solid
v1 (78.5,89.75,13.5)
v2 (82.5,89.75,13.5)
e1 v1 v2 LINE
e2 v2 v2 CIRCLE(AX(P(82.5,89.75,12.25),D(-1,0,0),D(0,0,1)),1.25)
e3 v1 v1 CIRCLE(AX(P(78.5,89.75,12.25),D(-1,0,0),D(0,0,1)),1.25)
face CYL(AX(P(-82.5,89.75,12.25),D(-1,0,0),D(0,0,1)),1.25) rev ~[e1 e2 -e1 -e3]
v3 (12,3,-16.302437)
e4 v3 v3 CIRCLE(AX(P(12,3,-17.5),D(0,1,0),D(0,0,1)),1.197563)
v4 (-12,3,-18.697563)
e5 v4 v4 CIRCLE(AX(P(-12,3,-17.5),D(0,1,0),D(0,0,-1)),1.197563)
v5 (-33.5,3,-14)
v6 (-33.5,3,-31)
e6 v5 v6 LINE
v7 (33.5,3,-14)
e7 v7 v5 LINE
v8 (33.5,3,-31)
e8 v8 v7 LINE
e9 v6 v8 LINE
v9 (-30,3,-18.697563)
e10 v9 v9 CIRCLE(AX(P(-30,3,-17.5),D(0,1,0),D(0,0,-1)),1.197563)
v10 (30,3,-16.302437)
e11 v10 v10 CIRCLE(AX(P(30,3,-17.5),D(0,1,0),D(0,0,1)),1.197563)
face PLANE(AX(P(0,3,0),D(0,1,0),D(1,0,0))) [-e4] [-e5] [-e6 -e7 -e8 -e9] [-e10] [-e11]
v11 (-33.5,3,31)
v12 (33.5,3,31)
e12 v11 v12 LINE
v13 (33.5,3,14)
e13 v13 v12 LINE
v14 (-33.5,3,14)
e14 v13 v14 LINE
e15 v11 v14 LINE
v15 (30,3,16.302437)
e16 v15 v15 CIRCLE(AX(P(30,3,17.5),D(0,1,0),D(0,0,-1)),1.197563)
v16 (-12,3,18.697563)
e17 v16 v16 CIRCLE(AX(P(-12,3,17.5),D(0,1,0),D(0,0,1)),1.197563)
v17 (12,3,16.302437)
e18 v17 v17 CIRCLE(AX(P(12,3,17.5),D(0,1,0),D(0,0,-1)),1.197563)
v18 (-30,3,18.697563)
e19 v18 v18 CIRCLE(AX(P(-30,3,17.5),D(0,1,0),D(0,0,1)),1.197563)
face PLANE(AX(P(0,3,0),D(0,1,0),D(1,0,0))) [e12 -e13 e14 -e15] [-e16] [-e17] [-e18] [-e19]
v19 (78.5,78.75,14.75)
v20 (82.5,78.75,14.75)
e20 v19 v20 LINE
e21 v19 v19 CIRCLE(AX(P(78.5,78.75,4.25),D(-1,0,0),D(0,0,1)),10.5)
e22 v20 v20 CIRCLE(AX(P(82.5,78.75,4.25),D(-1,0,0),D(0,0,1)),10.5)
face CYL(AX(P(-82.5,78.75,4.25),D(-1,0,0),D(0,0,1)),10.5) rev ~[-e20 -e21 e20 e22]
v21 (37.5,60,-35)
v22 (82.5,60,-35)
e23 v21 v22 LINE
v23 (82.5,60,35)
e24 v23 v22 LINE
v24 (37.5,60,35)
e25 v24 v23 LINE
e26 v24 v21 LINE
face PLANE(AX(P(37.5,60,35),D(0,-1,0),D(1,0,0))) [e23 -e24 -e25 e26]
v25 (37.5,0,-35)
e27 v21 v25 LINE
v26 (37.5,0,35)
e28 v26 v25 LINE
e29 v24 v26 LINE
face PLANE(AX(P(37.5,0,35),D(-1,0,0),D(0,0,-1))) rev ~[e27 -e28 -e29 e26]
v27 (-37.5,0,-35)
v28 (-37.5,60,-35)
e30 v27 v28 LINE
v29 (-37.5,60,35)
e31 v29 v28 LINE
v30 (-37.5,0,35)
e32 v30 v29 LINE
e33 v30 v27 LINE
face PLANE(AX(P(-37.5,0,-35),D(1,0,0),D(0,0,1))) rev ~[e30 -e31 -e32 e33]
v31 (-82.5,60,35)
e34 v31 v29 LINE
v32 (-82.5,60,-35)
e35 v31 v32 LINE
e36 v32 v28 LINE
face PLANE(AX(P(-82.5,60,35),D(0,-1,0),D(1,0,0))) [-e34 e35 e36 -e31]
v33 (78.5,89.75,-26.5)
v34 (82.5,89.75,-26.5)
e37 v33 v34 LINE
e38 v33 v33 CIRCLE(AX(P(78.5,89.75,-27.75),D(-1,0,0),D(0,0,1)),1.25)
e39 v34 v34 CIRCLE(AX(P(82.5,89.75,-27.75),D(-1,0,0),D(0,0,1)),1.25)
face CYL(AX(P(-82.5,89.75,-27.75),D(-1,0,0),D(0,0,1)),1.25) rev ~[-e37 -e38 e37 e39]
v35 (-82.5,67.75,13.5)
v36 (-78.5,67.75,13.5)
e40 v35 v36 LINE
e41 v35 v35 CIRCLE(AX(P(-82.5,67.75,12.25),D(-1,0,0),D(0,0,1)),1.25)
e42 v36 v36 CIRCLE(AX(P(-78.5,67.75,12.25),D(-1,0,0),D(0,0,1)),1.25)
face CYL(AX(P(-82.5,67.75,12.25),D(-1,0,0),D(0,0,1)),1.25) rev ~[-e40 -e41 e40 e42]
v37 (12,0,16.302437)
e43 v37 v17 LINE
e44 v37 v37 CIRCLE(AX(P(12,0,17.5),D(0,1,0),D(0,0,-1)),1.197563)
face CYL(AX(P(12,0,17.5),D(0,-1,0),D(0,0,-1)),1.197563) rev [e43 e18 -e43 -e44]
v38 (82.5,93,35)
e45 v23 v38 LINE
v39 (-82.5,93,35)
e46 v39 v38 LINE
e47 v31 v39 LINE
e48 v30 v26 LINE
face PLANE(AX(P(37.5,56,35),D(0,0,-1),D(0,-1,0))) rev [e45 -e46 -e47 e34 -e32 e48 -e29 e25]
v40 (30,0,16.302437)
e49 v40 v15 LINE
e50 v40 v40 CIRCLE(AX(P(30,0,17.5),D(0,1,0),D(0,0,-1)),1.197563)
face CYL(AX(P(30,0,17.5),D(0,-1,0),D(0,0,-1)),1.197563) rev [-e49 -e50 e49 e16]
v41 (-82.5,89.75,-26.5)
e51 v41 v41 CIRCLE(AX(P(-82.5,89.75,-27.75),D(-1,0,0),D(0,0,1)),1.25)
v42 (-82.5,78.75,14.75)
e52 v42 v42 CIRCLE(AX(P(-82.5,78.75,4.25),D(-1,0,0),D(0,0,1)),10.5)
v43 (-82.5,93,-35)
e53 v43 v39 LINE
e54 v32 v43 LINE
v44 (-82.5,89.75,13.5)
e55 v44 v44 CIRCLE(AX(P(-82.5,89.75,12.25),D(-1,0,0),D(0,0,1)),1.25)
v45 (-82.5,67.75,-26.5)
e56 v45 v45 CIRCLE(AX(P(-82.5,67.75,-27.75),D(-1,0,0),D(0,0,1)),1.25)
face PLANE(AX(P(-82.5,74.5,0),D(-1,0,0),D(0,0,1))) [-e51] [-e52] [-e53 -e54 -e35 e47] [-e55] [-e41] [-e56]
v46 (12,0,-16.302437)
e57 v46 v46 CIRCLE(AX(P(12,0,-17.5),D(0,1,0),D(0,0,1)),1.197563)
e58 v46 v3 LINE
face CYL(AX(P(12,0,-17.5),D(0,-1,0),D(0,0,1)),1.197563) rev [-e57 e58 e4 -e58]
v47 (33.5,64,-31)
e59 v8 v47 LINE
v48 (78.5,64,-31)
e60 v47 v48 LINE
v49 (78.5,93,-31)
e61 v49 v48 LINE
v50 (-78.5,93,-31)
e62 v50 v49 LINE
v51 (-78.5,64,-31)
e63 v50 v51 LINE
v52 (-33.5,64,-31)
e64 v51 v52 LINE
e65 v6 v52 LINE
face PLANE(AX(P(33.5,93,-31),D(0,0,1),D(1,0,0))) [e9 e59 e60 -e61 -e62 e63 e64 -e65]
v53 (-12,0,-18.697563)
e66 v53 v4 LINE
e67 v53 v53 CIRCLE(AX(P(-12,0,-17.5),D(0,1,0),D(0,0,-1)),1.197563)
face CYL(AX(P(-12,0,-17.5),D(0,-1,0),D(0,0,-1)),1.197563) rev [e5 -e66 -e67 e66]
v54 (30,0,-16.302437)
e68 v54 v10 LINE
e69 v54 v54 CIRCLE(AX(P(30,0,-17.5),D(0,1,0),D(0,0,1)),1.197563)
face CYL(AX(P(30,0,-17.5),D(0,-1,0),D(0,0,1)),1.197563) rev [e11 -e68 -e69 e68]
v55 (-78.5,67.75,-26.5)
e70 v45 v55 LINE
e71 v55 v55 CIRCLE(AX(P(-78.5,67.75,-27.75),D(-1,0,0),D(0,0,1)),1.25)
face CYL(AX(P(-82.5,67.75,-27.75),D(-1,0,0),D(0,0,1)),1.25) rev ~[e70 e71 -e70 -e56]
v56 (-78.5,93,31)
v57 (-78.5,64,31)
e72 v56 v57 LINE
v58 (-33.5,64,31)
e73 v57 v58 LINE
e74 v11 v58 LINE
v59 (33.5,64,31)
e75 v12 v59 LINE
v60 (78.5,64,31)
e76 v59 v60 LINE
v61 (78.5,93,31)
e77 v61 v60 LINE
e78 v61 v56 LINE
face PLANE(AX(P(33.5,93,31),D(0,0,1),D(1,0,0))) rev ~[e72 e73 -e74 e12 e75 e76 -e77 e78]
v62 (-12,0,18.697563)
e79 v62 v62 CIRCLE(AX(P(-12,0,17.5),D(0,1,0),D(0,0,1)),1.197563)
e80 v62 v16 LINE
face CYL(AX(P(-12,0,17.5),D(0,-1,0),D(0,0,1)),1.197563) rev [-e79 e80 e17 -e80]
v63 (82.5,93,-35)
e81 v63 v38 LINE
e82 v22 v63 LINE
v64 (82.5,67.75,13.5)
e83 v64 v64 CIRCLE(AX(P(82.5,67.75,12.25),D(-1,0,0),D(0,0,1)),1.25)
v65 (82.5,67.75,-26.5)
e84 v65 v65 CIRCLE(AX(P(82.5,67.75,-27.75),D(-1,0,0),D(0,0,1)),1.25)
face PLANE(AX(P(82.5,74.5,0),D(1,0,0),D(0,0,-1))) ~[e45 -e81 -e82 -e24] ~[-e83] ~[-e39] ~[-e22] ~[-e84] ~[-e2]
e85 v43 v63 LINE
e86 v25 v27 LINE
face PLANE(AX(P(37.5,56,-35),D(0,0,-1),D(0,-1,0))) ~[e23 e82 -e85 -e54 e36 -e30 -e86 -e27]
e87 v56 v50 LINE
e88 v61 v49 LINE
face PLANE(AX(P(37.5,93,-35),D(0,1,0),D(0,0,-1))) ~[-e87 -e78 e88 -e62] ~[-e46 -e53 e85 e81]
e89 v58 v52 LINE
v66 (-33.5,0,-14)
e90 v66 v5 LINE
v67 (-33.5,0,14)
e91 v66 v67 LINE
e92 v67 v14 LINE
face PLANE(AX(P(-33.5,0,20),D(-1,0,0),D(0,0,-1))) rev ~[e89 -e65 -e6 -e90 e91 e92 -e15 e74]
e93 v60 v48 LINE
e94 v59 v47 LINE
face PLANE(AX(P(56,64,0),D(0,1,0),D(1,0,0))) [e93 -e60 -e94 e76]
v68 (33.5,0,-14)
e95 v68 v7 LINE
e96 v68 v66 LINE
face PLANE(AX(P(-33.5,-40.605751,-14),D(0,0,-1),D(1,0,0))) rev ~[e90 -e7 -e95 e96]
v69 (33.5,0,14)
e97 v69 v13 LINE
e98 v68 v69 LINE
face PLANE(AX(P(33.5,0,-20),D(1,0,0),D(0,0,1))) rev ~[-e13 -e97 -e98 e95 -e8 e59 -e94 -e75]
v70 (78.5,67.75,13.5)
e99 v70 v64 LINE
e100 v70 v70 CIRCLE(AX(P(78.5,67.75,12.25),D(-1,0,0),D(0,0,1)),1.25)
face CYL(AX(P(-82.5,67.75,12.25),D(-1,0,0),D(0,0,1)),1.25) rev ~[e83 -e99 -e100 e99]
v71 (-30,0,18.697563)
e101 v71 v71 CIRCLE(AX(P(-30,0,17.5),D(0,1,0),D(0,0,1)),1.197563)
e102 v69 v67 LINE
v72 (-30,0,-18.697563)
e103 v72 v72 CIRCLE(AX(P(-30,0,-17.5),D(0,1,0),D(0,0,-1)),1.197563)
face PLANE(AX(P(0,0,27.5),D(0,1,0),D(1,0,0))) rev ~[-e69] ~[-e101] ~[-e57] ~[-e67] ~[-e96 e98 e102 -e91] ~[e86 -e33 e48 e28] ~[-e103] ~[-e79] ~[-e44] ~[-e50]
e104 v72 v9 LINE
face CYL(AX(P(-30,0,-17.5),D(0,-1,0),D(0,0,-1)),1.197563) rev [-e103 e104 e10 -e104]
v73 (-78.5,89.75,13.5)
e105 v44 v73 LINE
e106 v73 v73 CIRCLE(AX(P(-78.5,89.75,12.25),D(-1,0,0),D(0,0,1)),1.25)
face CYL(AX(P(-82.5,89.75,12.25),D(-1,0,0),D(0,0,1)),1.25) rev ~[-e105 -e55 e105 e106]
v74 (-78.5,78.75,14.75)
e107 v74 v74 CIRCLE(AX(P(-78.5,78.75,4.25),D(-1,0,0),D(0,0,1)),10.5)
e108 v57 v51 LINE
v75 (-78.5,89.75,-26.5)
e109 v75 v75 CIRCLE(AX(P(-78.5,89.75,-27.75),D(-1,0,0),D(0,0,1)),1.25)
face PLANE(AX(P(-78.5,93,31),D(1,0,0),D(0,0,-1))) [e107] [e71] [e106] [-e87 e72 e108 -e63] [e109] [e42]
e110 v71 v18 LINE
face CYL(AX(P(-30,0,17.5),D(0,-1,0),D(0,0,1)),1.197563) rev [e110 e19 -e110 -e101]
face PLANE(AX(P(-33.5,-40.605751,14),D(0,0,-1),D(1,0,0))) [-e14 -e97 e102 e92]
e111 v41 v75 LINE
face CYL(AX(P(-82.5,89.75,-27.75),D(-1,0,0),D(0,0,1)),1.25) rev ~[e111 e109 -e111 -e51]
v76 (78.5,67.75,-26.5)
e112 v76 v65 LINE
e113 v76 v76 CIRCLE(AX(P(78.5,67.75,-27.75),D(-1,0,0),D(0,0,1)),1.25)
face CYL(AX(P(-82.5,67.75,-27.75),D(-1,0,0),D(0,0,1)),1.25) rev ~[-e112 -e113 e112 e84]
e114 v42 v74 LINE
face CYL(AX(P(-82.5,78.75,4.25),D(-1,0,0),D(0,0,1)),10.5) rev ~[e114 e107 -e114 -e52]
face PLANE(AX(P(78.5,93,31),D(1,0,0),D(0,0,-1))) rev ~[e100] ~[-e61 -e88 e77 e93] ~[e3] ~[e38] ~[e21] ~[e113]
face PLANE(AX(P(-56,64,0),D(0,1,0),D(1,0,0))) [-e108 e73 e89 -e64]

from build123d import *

# Parameters (mm, degrees)
SKETCH1_W                = 75
SKETCH1_H                = 40
SKETCH1_R                = 5
SKETCH1_R_2              = 1.7
SKETCH1_R_3              = 1.197563381
SKETCH1_W_2              = 5
SKETCH1_H_2              = 20
BOSS_EXTRUDE1_DEPTH      = 3
CUT_EXTRUDE1_DEPTH       = 43.605750786
CUT_EXTRUDE1_DEPTH_BACK  = 43.605750786
SKETCH2_W                = 67
SKETCH2_H                = 28
BOSS_EXTRUDE3_DEPTH      = 90
BOSS_EXTRUDE3_DEPTH_BACK = 3
SKETCH6_W                = 67
SKETCH6_H                = 11
CUT_EXTRUDE4_DEPTH       = 104.591746776
SKETCH7_W                = 70
SKETCH7_H                = 37
BOSS_EXTRUDE4_DEPTH      = 45
SKETCH8_W                = 45
SKETCH8_H                = 62
CUT_EXTRUDE6_DEPTH       = 29
SKETCH9_R                = 1.25
SKETCH9_R_2              = 10.5
CUT_EXTRUDE8_DEPTH       = 193.611006954
SKETCH11_W               = 45
SKETCH11_H               = 4
CUT_EXTRUDE9_DEPTH       = 143.671826231


with BuildPart() as part:
    # Sketch1 → Boss-Extrude1 (new body)
    with BuildSketch(Plane(origin=(0, 0, 0), x_dir=(1, 0, 0), z_dir=(0, 1, 0))):
        Rectangle(SKETCH1_W, SKETCH1_H)
        with Locations(Location((-21, 0, 0), (0, 0, 270))):
            Circle(SKETCH1_R, mode=Mode.SUBTRACT)
        with Locations(Location((-30, 8.25, 0), (0, 0, 270))):
            Circle(SKETCH1_R_2, mode=Mode.SUBTRACT)
        with Locations(Location((-12, 8.25, 0), (0, 0, 270))):
            Circle(SKETCH1_R_2, mode=Mode.SUBTRACT)
        with Locations(Location((-12, -8.25, 0), (0, 0, 270))):
            Circle(SKETCH1_R_2, mode=Mode.SUBTRACT)
        with Locations(Location((-30, -8.25, 0), (0, 0, 270))):
            Circle(SKETCH1_R_2, mode=Mode.SUBTRACT)
        with Locations(Location((12, 8.25, 0), (0, 0, 90))):
            Circle(SKETCH1_R_2, mode=Mode.SUBTRACT)
        with Locations(Location((12, -8.25, 0), (0, 0, 90))):
            Circle(SKETCH1_R_2, mode=Mode.SUBTRACT)
        with Locations(Location((21, 0, 0), (0, 0, 90))):
            Circle(SKETCH1_R, mode=Mode.SUBTRACT)
        with Locations(Location((30, -8.25, 0), (0, 0, 90))):
            Circle(SKETCH1_R_2, mode=Mode.SUBTRACT)
        with Locations(Location((30, 8.25, 0), (0, 0, 90))):
            Circle(SKETCH1_R_2, mode=Mode.SUBTRACT)
        with Locations(Location((-30, -17.5, 0), (0, 0, 270))):
            Circle(SKETCH1_R_3, mode=Mode.SUBTRACT)
        with Locations(Location((-12, -17.5, 0), (0, 0, 270))):
            Circle(SKETCH1_R_3, mode=Mode.SUBTRACT)
        with Locations(Location((12, -17.5, 0), (0, 0, 90))):
            Circle(SKETCH1_R_3, mode=Mode.SUBTRACT)
        with Locations(Location((30, -17.5, 0), (0, 0, 90))):
            Circle(SKETCH1_R_3, mode=Mode.SUBTRACT)
        with Locations(Location((30, 17.5, 0), (0, 0, 270))):
            Circle(SKETCH1_R_3, mode=Mode.SUBTRACT)
        with Locations(Location((12, 17.5, 0), (0, 0, 270))):
            Circle(SKETCH1_R_3, mode=Mode.SUBTRACT)
        with Locations(Location((-12, 17.5, 0), (0, 0, 90))):
            Circle(SKETCH1_R_3, mode=Mode.SUBTRACT)
        with Locations(Location((-30, 17.5, 0), (0, 0, 90))):
            Circle(SKETCH1_R_3, mode=Mode.SUBTRACT)
        Rectangle(SKETCH1_W_2, SKETCH1_H_2, mode=Mode.SUBTRACT)
    extrude(amount=BOSS_EXTRUDE1_DEPTH)

    # Sketch2 → Cut-Extrude1 (cut, two sides: drawn at the far end of the back side and taken through both)
    with BuildSketch(Plane(origin=(0, 3, 0), x_dir=(1, 0, 0), z_dir=(0, 1, 0)).offset(-CUT_EXTRUDE1_DEPTH_BACK)):
        Rectangle(SKETCH2_W, SKETCH2_H)
    extrude(amount=CUT_EXTRUDE1_DEPTH + CUT_EXTRUDE1_DEPTH_BACK, mode=Mode.SUBTRACT)

    # Sketch3 → Boss-Extrude3 (add, two sides: drawn at the far end of the back side and taken through both)
    with BuildSketch(Plane(origin=(0, 3, 0), x_dir=(1, 0, 0), z_dir=(0, 1, 0)).offset(-BOSS_EXTRUDE3_DEPTH_BACK)):
        Polygon((37.5, -35), (37.5, -20), (33.5, -20), (-33.5, -20), (-37.5, -20), (-37.5, -35), align=None)
        Polygon((33.5, 20), (37.5, 20), (37.5, 35), (-37.5, 35), (-37.5, 20), (-33.5, 20), align=None)
        Polygon((37.5, -20), (37.5, 20), (33.5, 20), (33.5, 14), (33.5, -14), (33.5, -20), align=None)
        Polygon((-33.5, 14), (-33.5, 20), (-37.5, 20), (-37.5, -20), (-33.5, -20), (-33.5, -14), align=None)
    extrude(amount=BOSS_EXTRUDE3_DEPTH + BOSS_EXTRUDE3_DEPTH_BACK)

    # Sketch6 → Cut-Extrude4 (cut, through all)
    with BuildSketch(Plane(origin=(0, 3, 0), x_dir=(1, 0, 0), z_dir=(0, 1, 0))):
        with Locations((0, -25.5)):
            Rectangle(SKETCH6_W, SKETCH6_H)
        with Locations((0, 25.5)):
            Rectangle(SKETCH6_W, SKETCH6_H)
    extrude(amount=CUT_EXTRUDE4_DEPTH, mode=Mode.SUBTRACT)

    # Sketch7 → Boss-Extrude4 (add)
    with BuildSketch(Plane.ZY.offset(37.5)):
        with Locations((0, 74.5)):
            Rectangle(SKETCH7_W, SKETCH7_H)
    boss_extrude4 = extrude(amount=BOSS_EXTRUDE4_DEPTH)

    # Mirror2: Boss-Extrude4 across plane
    add(boss_extrude4.mirror(Plane(origin=(0, 0, 0), x_dir=(0, 0, 1), z_dir=(1, 0, 0))))

    # Sketch8 → Cut-Extrude6 (cut)
    with BuildSketch(Plane(origin=(0, 93, 0), x_dir=(1, 0, 0), z_dir=(0, 1, 0))):
        with Locations((-56, 0)):
            Rectangle(SKETCH8_W, SKETCH8_H)
        with Locations((56, 0)):
            Rectangle(SKETCH8_W, SKETCH8_H)
    extrude(amount=-CUT_EXTRUDE6_DEPTH, mode=Mode.SUBTRACT)

    # Sketch9 → Cut-Extrude8 (cut, through all)
    with BuildSketch(Plane.ZY.offset(82.5)):
        with Locations((-27.75, 89.75)):
            Circle(SKETCH9_R)
        with Locations((-27.75, 67.75)):
            Circle(SKETCH9_R)
        with Locations((4.25, 78.75)):
            Circle(SKETCH9_R_2)
        with Locations((12.25, 67.75)):
            Circle(SKETCH9_R)
        with Locations((12.25, 89.75)):
            Circle(SKETCH9_R)
    extrude(amount=-CUT_EXTRUDE8_DEPTH, mode=Mode.SUBTRACT)

    # Sketch11 → Cut-Extrude9 (cut, through all)
    with BuildSketch(Plane.XY.offset(35)):
        with Locations((-60, 58)):
            Rectangle(SKETCH11_W, SKETCH11_H)
        with Locations((60, 58)):
            Rectangle(SKETCH11_W, SKETCH11_H)
    extrude(amount=-CUT_EXTRUDE9_DEPTH, mode=Mode.SUBTRACT)


solid = part.part
